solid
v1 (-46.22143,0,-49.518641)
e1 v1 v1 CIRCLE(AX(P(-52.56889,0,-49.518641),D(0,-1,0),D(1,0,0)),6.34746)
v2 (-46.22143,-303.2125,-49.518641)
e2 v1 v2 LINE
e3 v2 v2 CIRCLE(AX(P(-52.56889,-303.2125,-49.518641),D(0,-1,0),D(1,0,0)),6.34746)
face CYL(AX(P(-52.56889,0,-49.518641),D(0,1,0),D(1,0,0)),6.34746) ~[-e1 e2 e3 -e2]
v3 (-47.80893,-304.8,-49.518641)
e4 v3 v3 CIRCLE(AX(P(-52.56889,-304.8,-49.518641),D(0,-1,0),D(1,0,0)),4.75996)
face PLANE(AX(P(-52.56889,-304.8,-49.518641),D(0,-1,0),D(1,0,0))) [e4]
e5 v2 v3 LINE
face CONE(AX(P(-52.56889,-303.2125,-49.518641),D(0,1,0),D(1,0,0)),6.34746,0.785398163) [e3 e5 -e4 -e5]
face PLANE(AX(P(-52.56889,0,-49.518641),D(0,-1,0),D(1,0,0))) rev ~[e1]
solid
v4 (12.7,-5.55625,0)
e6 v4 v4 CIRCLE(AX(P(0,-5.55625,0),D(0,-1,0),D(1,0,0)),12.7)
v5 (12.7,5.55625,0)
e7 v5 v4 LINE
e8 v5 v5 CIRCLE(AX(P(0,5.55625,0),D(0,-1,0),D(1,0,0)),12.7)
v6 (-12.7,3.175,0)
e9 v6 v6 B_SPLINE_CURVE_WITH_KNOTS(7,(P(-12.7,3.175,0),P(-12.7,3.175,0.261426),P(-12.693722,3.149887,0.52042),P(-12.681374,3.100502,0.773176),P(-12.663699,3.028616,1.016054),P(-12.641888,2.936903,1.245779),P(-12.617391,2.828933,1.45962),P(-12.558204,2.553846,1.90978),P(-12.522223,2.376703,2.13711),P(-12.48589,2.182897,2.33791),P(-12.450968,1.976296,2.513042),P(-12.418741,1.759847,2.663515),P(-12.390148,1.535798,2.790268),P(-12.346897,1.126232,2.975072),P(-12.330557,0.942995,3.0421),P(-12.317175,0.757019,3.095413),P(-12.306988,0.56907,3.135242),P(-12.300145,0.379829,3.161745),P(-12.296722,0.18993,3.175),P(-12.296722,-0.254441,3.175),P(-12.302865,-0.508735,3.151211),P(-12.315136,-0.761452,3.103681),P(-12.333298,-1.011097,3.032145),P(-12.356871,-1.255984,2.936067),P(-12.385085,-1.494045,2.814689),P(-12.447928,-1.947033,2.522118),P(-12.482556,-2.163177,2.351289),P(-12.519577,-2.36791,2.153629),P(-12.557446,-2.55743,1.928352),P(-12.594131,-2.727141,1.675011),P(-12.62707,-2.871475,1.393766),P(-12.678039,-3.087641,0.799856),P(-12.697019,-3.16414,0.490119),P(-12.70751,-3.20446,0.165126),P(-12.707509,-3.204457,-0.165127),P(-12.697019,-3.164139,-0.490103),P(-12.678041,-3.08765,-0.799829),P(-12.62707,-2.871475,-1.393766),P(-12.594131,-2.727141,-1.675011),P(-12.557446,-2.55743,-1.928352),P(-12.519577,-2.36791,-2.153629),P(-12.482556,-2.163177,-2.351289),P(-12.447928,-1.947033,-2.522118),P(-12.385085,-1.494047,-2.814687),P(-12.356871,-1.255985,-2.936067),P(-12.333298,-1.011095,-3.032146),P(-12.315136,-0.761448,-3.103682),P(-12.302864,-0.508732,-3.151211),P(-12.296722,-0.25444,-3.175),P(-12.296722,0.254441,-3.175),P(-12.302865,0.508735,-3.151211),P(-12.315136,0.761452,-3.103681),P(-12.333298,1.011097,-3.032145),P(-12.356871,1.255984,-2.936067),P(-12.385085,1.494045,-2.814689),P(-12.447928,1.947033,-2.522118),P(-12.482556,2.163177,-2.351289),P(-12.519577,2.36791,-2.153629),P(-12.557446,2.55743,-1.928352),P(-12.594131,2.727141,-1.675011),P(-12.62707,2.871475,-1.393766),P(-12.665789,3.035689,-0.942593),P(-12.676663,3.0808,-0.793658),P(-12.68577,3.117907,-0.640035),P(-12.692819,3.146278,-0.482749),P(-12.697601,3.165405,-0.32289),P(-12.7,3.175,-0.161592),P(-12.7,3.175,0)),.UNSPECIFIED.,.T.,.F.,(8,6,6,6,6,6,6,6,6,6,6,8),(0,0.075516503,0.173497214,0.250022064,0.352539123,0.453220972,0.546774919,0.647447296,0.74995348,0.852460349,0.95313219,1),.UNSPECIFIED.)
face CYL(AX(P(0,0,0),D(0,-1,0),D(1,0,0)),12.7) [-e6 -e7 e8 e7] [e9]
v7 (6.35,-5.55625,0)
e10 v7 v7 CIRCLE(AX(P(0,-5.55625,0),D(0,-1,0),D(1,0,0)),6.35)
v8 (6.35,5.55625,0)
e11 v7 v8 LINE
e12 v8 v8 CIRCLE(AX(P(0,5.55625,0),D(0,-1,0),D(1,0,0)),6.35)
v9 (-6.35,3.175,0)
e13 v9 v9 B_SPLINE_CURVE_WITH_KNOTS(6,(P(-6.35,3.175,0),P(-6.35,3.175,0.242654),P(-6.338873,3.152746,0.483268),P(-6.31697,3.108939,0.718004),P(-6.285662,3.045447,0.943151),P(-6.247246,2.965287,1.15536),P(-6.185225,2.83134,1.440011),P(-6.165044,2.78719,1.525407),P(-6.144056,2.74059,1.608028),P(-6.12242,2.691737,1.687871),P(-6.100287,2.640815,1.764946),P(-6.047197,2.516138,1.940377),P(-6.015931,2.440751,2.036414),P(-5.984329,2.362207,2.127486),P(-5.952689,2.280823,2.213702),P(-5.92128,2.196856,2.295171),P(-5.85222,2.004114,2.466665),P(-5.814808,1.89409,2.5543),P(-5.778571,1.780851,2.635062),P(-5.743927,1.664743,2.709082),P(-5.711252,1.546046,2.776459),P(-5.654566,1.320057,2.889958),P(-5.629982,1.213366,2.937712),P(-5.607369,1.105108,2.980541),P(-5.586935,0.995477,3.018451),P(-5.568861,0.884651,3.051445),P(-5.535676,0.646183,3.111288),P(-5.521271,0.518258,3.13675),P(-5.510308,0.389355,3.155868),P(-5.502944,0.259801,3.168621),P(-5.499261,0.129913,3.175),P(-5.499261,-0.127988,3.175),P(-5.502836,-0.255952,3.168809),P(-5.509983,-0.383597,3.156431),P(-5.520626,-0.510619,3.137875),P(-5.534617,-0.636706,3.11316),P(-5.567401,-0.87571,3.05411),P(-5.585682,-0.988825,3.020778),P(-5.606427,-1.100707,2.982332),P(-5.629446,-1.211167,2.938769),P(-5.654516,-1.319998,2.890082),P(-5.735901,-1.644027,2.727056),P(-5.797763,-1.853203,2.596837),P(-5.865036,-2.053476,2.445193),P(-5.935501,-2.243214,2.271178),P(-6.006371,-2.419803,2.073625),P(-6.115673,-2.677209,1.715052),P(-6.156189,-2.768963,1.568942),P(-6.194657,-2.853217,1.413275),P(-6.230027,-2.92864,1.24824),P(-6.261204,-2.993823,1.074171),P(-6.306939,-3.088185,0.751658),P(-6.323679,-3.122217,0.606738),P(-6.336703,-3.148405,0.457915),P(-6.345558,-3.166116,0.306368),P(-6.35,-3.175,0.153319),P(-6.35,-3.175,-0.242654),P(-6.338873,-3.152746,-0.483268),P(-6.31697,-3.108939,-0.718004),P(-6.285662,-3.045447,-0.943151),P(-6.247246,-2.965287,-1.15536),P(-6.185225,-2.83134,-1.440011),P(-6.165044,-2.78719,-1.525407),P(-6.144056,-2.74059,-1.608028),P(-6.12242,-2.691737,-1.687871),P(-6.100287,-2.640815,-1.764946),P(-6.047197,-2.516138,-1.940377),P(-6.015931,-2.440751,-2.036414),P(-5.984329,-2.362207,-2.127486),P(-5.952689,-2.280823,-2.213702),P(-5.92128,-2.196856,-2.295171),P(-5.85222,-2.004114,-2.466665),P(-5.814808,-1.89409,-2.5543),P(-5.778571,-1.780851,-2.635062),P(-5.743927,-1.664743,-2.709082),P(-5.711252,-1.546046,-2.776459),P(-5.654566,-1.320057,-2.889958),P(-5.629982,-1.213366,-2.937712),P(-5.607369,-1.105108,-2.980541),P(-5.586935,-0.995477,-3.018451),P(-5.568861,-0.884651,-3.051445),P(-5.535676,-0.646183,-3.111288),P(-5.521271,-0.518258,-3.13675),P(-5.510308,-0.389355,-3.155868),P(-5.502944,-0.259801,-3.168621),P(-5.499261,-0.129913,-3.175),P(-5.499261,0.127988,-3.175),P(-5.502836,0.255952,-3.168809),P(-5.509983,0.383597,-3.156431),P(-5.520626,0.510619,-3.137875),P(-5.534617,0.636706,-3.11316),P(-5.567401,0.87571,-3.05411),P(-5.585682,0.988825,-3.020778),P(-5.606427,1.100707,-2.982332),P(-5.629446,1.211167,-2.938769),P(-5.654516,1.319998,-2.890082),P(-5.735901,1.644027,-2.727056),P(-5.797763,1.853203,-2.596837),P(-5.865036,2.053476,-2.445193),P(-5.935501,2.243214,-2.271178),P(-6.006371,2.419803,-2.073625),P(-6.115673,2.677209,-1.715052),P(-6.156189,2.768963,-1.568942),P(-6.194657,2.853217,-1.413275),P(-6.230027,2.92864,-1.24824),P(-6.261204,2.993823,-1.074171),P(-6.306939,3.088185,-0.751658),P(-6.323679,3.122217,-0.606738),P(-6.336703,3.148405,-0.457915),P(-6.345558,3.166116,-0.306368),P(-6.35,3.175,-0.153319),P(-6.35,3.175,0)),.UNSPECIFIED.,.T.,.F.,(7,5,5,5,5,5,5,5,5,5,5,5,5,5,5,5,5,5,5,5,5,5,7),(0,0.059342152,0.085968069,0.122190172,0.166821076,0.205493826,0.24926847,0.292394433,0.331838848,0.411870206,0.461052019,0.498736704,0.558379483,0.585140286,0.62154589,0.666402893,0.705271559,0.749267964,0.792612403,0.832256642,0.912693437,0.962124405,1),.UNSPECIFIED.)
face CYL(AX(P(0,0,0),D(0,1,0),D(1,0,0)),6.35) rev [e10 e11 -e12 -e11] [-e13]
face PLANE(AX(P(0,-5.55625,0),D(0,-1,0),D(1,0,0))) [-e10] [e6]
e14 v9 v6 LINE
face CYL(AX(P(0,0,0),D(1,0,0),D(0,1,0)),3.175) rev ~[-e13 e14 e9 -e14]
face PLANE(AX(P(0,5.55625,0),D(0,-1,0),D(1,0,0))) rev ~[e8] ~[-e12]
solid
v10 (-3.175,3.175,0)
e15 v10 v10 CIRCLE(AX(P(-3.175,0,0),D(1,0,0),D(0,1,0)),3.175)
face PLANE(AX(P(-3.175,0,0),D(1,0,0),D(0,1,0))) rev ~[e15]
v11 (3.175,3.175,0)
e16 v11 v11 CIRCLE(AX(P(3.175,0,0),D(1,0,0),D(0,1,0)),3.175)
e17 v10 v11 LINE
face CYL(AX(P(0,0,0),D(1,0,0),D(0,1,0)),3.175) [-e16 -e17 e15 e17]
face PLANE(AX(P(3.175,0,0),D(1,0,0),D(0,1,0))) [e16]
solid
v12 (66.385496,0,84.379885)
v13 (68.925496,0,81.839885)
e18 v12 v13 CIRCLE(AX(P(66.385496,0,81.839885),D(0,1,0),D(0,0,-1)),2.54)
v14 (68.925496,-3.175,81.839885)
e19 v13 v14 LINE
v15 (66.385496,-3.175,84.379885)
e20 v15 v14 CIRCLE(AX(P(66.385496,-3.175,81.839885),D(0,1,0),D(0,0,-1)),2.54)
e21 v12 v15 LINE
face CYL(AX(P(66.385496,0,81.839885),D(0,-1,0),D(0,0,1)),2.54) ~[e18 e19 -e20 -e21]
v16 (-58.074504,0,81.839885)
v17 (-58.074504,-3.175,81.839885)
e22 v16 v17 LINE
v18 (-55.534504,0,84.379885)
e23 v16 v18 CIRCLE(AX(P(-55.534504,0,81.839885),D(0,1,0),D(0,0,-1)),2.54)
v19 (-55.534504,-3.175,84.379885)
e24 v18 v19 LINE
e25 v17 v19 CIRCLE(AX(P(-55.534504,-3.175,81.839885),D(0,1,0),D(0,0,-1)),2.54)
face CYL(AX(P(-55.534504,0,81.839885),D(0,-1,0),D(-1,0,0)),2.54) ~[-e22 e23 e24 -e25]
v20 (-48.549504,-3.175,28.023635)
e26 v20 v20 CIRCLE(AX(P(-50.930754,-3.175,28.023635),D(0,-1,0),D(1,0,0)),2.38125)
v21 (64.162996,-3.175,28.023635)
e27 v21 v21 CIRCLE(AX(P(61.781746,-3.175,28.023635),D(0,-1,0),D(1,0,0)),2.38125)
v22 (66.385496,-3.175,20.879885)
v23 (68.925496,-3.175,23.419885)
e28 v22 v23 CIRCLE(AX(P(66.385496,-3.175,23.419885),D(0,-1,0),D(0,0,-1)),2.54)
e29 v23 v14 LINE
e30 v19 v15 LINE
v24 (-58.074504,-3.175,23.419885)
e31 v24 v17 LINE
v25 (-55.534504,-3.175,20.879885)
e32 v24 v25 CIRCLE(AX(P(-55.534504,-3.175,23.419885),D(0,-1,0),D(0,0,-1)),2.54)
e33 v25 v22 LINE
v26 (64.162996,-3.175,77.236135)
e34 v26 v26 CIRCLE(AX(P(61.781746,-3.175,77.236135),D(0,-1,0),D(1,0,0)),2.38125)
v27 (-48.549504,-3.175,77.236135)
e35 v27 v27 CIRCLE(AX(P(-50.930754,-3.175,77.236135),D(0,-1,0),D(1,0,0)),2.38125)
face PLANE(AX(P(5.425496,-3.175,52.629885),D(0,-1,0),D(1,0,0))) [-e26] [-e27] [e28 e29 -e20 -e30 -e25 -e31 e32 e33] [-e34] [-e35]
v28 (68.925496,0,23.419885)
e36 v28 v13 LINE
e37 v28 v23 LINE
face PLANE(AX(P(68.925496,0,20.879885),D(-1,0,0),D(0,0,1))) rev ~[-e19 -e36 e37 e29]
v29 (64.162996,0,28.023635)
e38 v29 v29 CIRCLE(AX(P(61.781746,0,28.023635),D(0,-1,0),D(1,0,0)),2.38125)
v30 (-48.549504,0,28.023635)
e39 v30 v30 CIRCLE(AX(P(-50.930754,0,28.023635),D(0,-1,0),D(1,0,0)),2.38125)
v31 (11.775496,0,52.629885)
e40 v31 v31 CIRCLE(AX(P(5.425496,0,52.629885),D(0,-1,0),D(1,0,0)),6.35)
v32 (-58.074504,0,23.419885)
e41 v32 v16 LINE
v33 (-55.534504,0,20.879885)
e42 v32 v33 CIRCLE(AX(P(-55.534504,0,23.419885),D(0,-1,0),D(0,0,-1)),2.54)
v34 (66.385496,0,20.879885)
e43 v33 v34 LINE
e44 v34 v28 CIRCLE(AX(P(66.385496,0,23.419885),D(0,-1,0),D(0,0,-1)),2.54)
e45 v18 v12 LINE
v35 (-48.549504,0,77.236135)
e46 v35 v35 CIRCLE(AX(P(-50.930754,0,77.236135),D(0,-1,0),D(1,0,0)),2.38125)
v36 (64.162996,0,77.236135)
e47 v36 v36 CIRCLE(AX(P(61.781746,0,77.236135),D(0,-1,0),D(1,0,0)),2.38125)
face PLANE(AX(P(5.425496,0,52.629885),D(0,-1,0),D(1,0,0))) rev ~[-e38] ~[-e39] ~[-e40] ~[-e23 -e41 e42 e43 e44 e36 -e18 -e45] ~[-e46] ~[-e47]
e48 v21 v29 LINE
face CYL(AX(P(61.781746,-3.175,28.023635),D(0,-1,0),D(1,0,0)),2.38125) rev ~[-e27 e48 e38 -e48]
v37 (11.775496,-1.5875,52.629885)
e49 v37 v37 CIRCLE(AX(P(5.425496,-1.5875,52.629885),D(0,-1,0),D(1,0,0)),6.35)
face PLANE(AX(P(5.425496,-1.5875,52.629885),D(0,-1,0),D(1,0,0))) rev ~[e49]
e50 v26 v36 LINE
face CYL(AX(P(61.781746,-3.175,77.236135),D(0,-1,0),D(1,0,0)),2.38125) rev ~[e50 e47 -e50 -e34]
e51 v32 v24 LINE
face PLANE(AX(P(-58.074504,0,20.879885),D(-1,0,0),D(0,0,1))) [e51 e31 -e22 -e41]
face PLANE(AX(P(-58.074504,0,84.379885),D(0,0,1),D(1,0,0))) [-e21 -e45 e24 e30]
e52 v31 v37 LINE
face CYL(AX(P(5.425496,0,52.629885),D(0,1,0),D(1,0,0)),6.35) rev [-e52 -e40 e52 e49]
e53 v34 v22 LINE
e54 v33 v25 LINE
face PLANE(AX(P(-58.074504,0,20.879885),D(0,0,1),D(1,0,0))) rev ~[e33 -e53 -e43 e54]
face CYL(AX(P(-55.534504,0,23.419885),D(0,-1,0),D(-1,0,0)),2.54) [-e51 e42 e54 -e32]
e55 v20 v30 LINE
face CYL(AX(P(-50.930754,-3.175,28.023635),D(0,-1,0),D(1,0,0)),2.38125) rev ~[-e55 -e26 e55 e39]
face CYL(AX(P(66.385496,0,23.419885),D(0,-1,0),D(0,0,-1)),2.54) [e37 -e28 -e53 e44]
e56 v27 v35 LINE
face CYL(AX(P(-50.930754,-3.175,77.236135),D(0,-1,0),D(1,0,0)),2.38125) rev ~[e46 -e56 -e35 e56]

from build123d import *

# Parameters (mm, degrees)
F0_W      = 127
F0_H      = 63.5
F0_R      = 6.35
F1_DEPTH  = 3.175
F2_DEPTH  = 1.5875
F4_R      = 2.54
F3_R      = 2.38125
F5_DEPTH  = 3.176
F6_R      = 6.34746
F7_DEPTH  = 304.8
F8_SIZE   = 1.5875
F9_R      = 12.7
F9_R_2    = 6.35
F10_DEPTH = 5.55625
F12_D     = 6.35
F12_DEPTH = 12.701
F13_R     = 3.175
F14_DEPTH = 3.175


with BuildPart() as f1:
    # F0 (on Front) → F1 (new body)
    with BuildSketch(Plane.XZ):
        with Locations((5.4254960269, 52.6298845063)):
            Rectangle(F0_W, F0_H)
        with Locations((5.4254960269, 52.6298845063)):
            Circle(F0_R, mode=Mode.SUBTRACT)
        with Locations((5.4254960269, 52.6298845063)):
            Circle(F0_R)
    extrude(amount=F1_DEPTH)

    # F0 (on Front) → F2 (cut)
    with BuildSketch(Plane.XZ):
        with Locations((5.4254960269, 52.6298845063)):
            Circle(F0_R)
    extrude(amount=F2_DEPTH, mode=Mode.SUBTRACT)

    # F4
    f4_edges = [f1.edges().sort_by_distance(p)[0] for p in [
        (-58.074504, -1.5875, 84.379885),
        (-58.074504, -1.5875, 20.879885),
        (68.925496, -1.5875, 84.379885),
        (68.925496, -1.5875, 20.879885),
    ]]
    fillet(f4_edges, radius=F4_R)

    # F3 (on face) → F5 (cut, through all)
    with BuildSketch(Plane.XZ.offset(3.175)):
        with Locations((-50.9307539731, 77.2361345063)):
            Circle(F3_R)
        with Locations((61.7817460269, 77.2361345063)):
            Circle(F3_R)
        with Locations((-50.9307539731, 28.0236345063)):
            Circle(F3_R)
        with Locations((61.7817460269, 28.0236345063)):
            Circle(F3_R)
    extrude(amount=-F5_DEPTH, mode=Mode.SUBTRACT)


with BuildPart() as f7:
    # F6 (on Front) → F7 (new body)
    with BuildSketch(Plane.XZ):
        with Locations((-52.5688901544, -49.5186410844)):
            Circle(F6_R)
    extrude(amount=F7_DEPTH)

    # F8
    f8_edges = [f7.edges().sort_by_distance(p)[0] for p in [
        (-58.91635, -304.8, -49.518641),
    ]]
    chamfer(f8_edges, length=F8_SIZE)


with BuildPart() as f10:
    # F9 (on Front) → F10 (new body, symmetric)
    with BuildSketch(Plane.XZ):
        Circle(F9_R)
        Circle(F9_R_2, mode=Mode.SUBTRACT)
    extrude(amount=F10_DEPTH, both=True)

    # F12 (through all, one way)
    with BuildSketch(Plane.YZ):
        with Locations((0, 0)):
            Circle(F12_D / 2)
    extrude(amount=-F12_DEPTH, mode=Mode.SUBTRACT)


with BuildPart() as f14:
    # F13 (on Right) → F14 (new body, symmetric)
    with BuildSketch(Plane.YZ):
        Circle(F13_R)
    extrude(amount=F14_DEPTH, both=True)


solid = Compound([f1.part, f7.part, f10.part, f14.part])
